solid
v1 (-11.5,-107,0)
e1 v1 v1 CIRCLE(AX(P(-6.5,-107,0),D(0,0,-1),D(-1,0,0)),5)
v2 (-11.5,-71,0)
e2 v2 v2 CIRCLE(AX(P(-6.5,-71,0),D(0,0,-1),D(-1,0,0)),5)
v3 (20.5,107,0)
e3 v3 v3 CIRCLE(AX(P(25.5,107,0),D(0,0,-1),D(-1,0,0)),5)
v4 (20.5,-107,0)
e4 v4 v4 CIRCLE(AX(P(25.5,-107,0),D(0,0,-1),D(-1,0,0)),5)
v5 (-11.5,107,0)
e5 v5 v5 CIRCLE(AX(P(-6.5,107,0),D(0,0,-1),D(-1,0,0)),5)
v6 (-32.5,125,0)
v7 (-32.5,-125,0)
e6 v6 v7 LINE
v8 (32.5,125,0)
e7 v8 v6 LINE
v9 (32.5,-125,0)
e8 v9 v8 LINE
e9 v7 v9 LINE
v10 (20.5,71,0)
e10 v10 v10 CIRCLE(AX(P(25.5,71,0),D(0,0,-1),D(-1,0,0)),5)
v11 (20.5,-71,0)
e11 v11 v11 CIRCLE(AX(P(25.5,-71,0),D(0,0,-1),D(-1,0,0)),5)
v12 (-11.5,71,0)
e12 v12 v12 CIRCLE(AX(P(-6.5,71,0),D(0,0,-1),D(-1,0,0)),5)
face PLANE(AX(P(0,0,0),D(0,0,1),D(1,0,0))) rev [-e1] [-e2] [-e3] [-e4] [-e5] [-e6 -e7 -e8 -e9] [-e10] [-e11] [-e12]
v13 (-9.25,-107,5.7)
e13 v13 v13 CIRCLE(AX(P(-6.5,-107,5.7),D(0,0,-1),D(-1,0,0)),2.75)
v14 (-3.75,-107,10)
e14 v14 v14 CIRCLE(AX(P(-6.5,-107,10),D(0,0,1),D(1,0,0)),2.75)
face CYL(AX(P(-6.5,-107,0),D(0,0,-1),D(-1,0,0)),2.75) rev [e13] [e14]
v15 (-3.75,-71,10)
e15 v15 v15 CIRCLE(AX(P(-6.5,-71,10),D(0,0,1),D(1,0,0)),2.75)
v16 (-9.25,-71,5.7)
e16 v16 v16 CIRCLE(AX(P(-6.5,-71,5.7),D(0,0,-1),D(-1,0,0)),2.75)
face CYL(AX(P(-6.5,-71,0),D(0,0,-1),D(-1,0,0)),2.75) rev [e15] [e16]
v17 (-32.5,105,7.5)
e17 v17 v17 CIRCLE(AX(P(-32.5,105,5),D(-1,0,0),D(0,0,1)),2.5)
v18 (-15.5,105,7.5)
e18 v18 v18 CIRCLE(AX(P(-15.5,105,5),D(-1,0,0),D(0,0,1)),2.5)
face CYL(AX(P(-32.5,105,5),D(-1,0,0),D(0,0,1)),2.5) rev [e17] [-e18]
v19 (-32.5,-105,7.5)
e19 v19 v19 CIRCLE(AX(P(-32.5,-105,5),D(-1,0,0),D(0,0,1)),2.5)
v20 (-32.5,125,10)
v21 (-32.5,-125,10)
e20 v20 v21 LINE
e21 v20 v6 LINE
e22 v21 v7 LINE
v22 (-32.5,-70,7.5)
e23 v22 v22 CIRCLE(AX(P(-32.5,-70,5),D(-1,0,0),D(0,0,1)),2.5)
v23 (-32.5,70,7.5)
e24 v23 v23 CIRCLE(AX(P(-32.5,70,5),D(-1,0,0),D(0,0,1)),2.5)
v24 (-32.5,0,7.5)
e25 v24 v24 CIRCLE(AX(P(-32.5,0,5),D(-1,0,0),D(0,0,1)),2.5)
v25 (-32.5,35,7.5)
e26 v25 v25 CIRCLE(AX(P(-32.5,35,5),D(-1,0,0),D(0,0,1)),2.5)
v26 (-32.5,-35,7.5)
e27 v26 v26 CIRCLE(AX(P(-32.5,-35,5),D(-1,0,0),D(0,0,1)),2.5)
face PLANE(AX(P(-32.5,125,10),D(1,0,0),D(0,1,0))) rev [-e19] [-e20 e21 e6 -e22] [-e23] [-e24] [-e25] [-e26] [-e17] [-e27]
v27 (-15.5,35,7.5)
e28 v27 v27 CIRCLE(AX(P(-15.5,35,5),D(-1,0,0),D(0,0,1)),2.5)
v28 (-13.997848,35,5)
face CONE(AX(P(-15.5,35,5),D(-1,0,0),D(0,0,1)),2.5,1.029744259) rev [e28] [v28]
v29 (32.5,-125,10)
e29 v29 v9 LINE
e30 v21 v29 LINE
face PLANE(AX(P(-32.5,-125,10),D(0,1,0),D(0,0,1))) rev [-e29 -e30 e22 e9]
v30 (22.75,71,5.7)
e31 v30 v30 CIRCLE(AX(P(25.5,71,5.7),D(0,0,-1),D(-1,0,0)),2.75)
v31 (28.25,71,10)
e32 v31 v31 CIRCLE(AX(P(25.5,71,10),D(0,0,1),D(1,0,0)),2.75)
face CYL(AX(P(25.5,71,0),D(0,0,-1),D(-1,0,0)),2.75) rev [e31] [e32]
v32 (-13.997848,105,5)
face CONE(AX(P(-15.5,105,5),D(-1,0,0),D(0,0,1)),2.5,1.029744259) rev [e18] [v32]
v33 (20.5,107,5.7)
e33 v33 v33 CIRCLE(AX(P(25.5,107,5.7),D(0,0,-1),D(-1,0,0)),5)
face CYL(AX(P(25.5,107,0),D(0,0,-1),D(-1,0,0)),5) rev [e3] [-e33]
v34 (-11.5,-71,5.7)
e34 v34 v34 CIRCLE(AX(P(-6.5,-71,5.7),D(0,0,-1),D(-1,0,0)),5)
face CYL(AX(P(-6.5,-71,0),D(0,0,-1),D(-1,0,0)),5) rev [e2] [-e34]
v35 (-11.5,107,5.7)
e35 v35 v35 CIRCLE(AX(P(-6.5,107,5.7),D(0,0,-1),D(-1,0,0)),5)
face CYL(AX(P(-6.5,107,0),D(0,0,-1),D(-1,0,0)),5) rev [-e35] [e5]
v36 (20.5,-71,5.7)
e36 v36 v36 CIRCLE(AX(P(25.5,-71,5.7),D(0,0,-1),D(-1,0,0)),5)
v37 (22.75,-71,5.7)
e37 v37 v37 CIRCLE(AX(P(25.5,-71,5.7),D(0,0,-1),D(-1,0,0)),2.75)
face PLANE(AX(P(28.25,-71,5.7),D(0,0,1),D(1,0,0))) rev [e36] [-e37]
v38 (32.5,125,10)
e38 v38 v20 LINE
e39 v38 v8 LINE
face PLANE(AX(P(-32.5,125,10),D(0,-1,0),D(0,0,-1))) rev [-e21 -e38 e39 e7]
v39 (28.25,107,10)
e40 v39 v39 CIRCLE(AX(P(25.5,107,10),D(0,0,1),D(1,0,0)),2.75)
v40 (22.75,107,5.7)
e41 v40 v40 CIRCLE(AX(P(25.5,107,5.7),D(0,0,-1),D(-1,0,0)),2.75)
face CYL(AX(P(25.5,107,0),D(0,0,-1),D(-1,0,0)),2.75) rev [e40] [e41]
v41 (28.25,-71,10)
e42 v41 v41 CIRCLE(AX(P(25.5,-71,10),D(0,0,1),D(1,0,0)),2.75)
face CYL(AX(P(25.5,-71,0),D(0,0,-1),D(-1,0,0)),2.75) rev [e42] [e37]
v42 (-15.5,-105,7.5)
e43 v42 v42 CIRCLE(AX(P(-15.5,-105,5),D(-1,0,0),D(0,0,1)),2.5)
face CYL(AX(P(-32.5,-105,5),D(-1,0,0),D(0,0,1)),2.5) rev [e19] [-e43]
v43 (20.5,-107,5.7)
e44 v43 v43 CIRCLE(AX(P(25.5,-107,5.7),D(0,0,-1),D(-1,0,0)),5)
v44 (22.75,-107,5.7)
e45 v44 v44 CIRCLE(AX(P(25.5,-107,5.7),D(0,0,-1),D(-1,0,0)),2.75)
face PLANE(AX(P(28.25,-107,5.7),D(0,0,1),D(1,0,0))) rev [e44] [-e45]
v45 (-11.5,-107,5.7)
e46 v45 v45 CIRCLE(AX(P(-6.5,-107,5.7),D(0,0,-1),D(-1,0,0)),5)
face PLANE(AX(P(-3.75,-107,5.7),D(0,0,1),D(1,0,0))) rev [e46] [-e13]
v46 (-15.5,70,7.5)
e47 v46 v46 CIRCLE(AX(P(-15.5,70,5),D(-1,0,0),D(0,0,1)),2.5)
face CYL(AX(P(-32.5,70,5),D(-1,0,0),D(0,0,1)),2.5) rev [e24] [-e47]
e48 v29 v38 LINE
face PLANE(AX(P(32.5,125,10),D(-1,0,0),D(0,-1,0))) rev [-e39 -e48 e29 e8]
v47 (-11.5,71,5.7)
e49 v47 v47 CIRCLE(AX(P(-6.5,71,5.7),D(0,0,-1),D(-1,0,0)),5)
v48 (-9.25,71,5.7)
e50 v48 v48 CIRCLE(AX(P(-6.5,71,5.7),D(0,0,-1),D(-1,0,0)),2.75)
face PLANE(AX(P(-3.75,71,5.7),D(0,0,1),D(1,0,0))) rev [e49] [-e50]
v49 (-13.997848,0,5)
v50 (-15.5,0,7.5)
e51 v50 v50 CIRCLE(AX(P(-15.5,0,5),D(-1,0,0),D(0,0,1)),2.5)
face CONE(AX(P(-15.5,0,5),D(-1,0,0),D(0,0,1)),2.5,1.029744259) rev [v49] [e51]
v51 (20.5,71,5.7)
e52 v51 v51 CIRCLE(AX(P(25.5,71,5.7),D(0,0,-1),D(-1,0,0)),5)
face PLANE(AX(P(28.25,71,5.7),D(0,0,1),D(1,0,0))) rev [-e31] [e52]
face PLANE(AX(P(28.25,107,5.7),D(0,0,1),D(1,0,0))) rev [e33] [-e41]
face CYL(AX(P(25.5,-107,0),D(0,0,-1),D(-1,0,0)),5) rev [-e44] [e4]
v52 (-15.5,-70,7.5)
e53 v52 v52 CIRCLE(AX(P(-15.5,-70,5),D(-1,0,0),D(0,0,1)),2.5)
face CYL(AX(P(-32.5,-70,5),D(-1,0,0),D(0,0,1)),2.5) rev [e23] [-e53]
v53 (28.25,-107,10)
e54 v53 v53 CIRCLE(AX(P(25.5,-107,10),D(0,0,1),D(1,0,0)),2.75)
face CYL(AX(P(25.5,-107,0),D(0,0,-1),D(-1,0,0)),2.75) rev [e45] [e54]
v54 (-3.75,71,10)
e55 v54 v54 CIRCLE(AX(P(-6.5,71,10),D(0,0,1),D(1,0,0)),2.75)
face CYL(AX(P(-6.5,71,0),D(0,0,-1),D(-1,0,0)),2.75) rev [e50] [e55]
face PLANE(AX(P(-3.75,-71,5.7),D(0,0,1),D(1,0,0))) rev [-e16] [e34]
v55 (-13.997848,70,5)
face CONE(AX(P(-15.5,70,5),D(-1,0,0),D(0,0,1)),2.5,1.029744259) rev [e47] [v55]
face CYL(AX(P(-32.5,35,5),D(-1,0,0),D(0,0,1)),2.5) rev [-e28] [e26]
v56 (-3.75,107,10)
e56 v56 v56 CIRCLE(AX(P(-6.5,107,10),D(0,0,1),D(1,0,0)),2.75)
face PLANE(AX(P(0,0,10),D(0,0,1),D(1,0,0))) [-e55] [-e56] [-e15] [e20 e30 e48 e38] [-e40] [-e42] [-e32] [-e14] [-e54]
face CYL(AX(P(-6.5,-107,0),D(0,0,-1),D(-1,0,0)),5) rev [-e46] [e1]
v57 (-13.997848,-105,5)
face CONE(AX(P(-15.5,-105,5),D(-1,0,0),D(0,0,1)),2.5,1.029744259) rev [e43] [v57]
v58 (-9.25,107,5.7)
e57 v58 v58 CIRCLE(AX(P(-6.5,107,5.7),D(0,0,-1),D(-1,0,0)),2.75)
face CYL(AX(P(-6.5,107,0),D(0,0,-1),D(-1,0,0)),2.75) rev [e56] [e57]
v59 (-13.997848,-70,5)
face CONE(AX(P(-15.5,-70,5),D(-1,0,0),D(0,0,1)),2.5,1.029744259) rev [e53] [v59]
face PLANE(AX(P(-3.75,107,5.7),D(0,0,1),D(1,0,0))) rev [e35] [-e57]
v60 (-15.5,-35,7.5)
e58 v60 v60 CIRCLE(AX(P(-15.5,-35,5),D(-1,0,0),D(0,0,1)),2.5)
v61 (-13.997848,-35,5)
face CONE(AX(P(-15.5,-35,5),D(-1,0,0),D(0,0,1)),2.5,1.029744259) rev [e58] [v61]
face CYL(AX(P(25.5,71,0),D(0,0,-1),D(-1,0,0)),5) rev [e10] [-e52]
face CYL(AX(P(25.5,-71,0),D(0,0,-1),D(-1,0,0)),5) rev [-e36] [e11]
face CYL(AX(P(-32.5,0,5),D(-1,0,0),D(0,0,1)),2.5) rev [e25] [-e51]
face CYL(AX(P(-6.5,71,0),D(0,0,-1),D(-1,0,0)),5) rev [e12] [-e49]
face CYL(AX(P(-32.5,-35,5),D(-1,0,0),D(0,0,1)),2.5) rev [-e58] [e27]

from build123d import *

# Parameters (mm, degrees)
SKETCH_1_W                = 65
SKETCH_1_H                = 250
EXTRUDE_1_DEPTH           = 10
HOLE_WIZARD_1_D           = 5.5
HOLE_WIZARD_1_DEPTH       = 18
HOLE_WIZARD_1_CBORE_D     = 10
HOLE_WIZARD_1_CBORE_DEPTH = 5.7
HOLE_WIZARD_1_TIP         = 1.652366702
HOLE_WIZARD_M6_1_D        = 5
HOLE_WIZARD_M6_1_DEPTH    = 17
HOLE_WIZARD_M6_1_TIP      = 1.502151548


with BuildPart() as part:
    # 草图1 → 凸台-拉伸1 (new body)
    with BuildSketch(Plane.XY):
        Rectangle(SKETCH_1_W, SKETCH_1_H)
    extrude(amount=EXTRUDE_1_DEPTH)

    # 打孔尺寸(%根据)内六角圆柱头螺钉的类型1
    with Locations(Plane(origin=(-6.5, 107, 0), x_dir=(-1, 0, 0), z_dir=(0, 0, -1))):
        with Locations((0, 0), (-32, 0), (0, -36), (-32, -36), (-32, -178), (0, -178), (0, -214), (-32, -214)):
            CounterBoreHole(HOLE_WIZARD_1_D / 2, HOLE_WIZARD_1_CBORE_D / 2, HOLE_WIZARD_1_CBORE_DEPTH, depth=HOLE_WIZARD_1_DEPTH)
            with Locations((0, 0, -(HOLE_WIZARD_1_DEPTH + HOLE_WIZARD_1_TIP / 2))):  # 118° drill point
                Cone(0, HOLE_WIZARD_1_D / 2, HOLE_WIZARD_1_TIP, mode=Mode.SUBTRACT)

    # M6 螺纹孔1
    with Locations(Plane(origin=(-32.5, -70, 5), x_dir=(0, -1, 0), z_dir=(-1, 0, 0))):
        with Locations((0, 0), (-35, 0), (-70, 0), (-105, 0), (-140, 0), (35, 0), (-175, 0)):
            Hole(HOLE_WIZARD_M6_1_D / 2, depth=HOLE_WIZARD_M6_1_DEPTH)
            with Locations((0, 0, -(HOLE_WIZARD_M6_1_DEPTH + HOLE_WIZARD_M6_1_TIP / 2))):  # 118° drill point
                Cone(0, HOLE_WIZARD_M6_1_D / 2, HOLE_WIZARD_M6_1_TIP, mode=Mode.SUBTRACT)


solid = part.part
